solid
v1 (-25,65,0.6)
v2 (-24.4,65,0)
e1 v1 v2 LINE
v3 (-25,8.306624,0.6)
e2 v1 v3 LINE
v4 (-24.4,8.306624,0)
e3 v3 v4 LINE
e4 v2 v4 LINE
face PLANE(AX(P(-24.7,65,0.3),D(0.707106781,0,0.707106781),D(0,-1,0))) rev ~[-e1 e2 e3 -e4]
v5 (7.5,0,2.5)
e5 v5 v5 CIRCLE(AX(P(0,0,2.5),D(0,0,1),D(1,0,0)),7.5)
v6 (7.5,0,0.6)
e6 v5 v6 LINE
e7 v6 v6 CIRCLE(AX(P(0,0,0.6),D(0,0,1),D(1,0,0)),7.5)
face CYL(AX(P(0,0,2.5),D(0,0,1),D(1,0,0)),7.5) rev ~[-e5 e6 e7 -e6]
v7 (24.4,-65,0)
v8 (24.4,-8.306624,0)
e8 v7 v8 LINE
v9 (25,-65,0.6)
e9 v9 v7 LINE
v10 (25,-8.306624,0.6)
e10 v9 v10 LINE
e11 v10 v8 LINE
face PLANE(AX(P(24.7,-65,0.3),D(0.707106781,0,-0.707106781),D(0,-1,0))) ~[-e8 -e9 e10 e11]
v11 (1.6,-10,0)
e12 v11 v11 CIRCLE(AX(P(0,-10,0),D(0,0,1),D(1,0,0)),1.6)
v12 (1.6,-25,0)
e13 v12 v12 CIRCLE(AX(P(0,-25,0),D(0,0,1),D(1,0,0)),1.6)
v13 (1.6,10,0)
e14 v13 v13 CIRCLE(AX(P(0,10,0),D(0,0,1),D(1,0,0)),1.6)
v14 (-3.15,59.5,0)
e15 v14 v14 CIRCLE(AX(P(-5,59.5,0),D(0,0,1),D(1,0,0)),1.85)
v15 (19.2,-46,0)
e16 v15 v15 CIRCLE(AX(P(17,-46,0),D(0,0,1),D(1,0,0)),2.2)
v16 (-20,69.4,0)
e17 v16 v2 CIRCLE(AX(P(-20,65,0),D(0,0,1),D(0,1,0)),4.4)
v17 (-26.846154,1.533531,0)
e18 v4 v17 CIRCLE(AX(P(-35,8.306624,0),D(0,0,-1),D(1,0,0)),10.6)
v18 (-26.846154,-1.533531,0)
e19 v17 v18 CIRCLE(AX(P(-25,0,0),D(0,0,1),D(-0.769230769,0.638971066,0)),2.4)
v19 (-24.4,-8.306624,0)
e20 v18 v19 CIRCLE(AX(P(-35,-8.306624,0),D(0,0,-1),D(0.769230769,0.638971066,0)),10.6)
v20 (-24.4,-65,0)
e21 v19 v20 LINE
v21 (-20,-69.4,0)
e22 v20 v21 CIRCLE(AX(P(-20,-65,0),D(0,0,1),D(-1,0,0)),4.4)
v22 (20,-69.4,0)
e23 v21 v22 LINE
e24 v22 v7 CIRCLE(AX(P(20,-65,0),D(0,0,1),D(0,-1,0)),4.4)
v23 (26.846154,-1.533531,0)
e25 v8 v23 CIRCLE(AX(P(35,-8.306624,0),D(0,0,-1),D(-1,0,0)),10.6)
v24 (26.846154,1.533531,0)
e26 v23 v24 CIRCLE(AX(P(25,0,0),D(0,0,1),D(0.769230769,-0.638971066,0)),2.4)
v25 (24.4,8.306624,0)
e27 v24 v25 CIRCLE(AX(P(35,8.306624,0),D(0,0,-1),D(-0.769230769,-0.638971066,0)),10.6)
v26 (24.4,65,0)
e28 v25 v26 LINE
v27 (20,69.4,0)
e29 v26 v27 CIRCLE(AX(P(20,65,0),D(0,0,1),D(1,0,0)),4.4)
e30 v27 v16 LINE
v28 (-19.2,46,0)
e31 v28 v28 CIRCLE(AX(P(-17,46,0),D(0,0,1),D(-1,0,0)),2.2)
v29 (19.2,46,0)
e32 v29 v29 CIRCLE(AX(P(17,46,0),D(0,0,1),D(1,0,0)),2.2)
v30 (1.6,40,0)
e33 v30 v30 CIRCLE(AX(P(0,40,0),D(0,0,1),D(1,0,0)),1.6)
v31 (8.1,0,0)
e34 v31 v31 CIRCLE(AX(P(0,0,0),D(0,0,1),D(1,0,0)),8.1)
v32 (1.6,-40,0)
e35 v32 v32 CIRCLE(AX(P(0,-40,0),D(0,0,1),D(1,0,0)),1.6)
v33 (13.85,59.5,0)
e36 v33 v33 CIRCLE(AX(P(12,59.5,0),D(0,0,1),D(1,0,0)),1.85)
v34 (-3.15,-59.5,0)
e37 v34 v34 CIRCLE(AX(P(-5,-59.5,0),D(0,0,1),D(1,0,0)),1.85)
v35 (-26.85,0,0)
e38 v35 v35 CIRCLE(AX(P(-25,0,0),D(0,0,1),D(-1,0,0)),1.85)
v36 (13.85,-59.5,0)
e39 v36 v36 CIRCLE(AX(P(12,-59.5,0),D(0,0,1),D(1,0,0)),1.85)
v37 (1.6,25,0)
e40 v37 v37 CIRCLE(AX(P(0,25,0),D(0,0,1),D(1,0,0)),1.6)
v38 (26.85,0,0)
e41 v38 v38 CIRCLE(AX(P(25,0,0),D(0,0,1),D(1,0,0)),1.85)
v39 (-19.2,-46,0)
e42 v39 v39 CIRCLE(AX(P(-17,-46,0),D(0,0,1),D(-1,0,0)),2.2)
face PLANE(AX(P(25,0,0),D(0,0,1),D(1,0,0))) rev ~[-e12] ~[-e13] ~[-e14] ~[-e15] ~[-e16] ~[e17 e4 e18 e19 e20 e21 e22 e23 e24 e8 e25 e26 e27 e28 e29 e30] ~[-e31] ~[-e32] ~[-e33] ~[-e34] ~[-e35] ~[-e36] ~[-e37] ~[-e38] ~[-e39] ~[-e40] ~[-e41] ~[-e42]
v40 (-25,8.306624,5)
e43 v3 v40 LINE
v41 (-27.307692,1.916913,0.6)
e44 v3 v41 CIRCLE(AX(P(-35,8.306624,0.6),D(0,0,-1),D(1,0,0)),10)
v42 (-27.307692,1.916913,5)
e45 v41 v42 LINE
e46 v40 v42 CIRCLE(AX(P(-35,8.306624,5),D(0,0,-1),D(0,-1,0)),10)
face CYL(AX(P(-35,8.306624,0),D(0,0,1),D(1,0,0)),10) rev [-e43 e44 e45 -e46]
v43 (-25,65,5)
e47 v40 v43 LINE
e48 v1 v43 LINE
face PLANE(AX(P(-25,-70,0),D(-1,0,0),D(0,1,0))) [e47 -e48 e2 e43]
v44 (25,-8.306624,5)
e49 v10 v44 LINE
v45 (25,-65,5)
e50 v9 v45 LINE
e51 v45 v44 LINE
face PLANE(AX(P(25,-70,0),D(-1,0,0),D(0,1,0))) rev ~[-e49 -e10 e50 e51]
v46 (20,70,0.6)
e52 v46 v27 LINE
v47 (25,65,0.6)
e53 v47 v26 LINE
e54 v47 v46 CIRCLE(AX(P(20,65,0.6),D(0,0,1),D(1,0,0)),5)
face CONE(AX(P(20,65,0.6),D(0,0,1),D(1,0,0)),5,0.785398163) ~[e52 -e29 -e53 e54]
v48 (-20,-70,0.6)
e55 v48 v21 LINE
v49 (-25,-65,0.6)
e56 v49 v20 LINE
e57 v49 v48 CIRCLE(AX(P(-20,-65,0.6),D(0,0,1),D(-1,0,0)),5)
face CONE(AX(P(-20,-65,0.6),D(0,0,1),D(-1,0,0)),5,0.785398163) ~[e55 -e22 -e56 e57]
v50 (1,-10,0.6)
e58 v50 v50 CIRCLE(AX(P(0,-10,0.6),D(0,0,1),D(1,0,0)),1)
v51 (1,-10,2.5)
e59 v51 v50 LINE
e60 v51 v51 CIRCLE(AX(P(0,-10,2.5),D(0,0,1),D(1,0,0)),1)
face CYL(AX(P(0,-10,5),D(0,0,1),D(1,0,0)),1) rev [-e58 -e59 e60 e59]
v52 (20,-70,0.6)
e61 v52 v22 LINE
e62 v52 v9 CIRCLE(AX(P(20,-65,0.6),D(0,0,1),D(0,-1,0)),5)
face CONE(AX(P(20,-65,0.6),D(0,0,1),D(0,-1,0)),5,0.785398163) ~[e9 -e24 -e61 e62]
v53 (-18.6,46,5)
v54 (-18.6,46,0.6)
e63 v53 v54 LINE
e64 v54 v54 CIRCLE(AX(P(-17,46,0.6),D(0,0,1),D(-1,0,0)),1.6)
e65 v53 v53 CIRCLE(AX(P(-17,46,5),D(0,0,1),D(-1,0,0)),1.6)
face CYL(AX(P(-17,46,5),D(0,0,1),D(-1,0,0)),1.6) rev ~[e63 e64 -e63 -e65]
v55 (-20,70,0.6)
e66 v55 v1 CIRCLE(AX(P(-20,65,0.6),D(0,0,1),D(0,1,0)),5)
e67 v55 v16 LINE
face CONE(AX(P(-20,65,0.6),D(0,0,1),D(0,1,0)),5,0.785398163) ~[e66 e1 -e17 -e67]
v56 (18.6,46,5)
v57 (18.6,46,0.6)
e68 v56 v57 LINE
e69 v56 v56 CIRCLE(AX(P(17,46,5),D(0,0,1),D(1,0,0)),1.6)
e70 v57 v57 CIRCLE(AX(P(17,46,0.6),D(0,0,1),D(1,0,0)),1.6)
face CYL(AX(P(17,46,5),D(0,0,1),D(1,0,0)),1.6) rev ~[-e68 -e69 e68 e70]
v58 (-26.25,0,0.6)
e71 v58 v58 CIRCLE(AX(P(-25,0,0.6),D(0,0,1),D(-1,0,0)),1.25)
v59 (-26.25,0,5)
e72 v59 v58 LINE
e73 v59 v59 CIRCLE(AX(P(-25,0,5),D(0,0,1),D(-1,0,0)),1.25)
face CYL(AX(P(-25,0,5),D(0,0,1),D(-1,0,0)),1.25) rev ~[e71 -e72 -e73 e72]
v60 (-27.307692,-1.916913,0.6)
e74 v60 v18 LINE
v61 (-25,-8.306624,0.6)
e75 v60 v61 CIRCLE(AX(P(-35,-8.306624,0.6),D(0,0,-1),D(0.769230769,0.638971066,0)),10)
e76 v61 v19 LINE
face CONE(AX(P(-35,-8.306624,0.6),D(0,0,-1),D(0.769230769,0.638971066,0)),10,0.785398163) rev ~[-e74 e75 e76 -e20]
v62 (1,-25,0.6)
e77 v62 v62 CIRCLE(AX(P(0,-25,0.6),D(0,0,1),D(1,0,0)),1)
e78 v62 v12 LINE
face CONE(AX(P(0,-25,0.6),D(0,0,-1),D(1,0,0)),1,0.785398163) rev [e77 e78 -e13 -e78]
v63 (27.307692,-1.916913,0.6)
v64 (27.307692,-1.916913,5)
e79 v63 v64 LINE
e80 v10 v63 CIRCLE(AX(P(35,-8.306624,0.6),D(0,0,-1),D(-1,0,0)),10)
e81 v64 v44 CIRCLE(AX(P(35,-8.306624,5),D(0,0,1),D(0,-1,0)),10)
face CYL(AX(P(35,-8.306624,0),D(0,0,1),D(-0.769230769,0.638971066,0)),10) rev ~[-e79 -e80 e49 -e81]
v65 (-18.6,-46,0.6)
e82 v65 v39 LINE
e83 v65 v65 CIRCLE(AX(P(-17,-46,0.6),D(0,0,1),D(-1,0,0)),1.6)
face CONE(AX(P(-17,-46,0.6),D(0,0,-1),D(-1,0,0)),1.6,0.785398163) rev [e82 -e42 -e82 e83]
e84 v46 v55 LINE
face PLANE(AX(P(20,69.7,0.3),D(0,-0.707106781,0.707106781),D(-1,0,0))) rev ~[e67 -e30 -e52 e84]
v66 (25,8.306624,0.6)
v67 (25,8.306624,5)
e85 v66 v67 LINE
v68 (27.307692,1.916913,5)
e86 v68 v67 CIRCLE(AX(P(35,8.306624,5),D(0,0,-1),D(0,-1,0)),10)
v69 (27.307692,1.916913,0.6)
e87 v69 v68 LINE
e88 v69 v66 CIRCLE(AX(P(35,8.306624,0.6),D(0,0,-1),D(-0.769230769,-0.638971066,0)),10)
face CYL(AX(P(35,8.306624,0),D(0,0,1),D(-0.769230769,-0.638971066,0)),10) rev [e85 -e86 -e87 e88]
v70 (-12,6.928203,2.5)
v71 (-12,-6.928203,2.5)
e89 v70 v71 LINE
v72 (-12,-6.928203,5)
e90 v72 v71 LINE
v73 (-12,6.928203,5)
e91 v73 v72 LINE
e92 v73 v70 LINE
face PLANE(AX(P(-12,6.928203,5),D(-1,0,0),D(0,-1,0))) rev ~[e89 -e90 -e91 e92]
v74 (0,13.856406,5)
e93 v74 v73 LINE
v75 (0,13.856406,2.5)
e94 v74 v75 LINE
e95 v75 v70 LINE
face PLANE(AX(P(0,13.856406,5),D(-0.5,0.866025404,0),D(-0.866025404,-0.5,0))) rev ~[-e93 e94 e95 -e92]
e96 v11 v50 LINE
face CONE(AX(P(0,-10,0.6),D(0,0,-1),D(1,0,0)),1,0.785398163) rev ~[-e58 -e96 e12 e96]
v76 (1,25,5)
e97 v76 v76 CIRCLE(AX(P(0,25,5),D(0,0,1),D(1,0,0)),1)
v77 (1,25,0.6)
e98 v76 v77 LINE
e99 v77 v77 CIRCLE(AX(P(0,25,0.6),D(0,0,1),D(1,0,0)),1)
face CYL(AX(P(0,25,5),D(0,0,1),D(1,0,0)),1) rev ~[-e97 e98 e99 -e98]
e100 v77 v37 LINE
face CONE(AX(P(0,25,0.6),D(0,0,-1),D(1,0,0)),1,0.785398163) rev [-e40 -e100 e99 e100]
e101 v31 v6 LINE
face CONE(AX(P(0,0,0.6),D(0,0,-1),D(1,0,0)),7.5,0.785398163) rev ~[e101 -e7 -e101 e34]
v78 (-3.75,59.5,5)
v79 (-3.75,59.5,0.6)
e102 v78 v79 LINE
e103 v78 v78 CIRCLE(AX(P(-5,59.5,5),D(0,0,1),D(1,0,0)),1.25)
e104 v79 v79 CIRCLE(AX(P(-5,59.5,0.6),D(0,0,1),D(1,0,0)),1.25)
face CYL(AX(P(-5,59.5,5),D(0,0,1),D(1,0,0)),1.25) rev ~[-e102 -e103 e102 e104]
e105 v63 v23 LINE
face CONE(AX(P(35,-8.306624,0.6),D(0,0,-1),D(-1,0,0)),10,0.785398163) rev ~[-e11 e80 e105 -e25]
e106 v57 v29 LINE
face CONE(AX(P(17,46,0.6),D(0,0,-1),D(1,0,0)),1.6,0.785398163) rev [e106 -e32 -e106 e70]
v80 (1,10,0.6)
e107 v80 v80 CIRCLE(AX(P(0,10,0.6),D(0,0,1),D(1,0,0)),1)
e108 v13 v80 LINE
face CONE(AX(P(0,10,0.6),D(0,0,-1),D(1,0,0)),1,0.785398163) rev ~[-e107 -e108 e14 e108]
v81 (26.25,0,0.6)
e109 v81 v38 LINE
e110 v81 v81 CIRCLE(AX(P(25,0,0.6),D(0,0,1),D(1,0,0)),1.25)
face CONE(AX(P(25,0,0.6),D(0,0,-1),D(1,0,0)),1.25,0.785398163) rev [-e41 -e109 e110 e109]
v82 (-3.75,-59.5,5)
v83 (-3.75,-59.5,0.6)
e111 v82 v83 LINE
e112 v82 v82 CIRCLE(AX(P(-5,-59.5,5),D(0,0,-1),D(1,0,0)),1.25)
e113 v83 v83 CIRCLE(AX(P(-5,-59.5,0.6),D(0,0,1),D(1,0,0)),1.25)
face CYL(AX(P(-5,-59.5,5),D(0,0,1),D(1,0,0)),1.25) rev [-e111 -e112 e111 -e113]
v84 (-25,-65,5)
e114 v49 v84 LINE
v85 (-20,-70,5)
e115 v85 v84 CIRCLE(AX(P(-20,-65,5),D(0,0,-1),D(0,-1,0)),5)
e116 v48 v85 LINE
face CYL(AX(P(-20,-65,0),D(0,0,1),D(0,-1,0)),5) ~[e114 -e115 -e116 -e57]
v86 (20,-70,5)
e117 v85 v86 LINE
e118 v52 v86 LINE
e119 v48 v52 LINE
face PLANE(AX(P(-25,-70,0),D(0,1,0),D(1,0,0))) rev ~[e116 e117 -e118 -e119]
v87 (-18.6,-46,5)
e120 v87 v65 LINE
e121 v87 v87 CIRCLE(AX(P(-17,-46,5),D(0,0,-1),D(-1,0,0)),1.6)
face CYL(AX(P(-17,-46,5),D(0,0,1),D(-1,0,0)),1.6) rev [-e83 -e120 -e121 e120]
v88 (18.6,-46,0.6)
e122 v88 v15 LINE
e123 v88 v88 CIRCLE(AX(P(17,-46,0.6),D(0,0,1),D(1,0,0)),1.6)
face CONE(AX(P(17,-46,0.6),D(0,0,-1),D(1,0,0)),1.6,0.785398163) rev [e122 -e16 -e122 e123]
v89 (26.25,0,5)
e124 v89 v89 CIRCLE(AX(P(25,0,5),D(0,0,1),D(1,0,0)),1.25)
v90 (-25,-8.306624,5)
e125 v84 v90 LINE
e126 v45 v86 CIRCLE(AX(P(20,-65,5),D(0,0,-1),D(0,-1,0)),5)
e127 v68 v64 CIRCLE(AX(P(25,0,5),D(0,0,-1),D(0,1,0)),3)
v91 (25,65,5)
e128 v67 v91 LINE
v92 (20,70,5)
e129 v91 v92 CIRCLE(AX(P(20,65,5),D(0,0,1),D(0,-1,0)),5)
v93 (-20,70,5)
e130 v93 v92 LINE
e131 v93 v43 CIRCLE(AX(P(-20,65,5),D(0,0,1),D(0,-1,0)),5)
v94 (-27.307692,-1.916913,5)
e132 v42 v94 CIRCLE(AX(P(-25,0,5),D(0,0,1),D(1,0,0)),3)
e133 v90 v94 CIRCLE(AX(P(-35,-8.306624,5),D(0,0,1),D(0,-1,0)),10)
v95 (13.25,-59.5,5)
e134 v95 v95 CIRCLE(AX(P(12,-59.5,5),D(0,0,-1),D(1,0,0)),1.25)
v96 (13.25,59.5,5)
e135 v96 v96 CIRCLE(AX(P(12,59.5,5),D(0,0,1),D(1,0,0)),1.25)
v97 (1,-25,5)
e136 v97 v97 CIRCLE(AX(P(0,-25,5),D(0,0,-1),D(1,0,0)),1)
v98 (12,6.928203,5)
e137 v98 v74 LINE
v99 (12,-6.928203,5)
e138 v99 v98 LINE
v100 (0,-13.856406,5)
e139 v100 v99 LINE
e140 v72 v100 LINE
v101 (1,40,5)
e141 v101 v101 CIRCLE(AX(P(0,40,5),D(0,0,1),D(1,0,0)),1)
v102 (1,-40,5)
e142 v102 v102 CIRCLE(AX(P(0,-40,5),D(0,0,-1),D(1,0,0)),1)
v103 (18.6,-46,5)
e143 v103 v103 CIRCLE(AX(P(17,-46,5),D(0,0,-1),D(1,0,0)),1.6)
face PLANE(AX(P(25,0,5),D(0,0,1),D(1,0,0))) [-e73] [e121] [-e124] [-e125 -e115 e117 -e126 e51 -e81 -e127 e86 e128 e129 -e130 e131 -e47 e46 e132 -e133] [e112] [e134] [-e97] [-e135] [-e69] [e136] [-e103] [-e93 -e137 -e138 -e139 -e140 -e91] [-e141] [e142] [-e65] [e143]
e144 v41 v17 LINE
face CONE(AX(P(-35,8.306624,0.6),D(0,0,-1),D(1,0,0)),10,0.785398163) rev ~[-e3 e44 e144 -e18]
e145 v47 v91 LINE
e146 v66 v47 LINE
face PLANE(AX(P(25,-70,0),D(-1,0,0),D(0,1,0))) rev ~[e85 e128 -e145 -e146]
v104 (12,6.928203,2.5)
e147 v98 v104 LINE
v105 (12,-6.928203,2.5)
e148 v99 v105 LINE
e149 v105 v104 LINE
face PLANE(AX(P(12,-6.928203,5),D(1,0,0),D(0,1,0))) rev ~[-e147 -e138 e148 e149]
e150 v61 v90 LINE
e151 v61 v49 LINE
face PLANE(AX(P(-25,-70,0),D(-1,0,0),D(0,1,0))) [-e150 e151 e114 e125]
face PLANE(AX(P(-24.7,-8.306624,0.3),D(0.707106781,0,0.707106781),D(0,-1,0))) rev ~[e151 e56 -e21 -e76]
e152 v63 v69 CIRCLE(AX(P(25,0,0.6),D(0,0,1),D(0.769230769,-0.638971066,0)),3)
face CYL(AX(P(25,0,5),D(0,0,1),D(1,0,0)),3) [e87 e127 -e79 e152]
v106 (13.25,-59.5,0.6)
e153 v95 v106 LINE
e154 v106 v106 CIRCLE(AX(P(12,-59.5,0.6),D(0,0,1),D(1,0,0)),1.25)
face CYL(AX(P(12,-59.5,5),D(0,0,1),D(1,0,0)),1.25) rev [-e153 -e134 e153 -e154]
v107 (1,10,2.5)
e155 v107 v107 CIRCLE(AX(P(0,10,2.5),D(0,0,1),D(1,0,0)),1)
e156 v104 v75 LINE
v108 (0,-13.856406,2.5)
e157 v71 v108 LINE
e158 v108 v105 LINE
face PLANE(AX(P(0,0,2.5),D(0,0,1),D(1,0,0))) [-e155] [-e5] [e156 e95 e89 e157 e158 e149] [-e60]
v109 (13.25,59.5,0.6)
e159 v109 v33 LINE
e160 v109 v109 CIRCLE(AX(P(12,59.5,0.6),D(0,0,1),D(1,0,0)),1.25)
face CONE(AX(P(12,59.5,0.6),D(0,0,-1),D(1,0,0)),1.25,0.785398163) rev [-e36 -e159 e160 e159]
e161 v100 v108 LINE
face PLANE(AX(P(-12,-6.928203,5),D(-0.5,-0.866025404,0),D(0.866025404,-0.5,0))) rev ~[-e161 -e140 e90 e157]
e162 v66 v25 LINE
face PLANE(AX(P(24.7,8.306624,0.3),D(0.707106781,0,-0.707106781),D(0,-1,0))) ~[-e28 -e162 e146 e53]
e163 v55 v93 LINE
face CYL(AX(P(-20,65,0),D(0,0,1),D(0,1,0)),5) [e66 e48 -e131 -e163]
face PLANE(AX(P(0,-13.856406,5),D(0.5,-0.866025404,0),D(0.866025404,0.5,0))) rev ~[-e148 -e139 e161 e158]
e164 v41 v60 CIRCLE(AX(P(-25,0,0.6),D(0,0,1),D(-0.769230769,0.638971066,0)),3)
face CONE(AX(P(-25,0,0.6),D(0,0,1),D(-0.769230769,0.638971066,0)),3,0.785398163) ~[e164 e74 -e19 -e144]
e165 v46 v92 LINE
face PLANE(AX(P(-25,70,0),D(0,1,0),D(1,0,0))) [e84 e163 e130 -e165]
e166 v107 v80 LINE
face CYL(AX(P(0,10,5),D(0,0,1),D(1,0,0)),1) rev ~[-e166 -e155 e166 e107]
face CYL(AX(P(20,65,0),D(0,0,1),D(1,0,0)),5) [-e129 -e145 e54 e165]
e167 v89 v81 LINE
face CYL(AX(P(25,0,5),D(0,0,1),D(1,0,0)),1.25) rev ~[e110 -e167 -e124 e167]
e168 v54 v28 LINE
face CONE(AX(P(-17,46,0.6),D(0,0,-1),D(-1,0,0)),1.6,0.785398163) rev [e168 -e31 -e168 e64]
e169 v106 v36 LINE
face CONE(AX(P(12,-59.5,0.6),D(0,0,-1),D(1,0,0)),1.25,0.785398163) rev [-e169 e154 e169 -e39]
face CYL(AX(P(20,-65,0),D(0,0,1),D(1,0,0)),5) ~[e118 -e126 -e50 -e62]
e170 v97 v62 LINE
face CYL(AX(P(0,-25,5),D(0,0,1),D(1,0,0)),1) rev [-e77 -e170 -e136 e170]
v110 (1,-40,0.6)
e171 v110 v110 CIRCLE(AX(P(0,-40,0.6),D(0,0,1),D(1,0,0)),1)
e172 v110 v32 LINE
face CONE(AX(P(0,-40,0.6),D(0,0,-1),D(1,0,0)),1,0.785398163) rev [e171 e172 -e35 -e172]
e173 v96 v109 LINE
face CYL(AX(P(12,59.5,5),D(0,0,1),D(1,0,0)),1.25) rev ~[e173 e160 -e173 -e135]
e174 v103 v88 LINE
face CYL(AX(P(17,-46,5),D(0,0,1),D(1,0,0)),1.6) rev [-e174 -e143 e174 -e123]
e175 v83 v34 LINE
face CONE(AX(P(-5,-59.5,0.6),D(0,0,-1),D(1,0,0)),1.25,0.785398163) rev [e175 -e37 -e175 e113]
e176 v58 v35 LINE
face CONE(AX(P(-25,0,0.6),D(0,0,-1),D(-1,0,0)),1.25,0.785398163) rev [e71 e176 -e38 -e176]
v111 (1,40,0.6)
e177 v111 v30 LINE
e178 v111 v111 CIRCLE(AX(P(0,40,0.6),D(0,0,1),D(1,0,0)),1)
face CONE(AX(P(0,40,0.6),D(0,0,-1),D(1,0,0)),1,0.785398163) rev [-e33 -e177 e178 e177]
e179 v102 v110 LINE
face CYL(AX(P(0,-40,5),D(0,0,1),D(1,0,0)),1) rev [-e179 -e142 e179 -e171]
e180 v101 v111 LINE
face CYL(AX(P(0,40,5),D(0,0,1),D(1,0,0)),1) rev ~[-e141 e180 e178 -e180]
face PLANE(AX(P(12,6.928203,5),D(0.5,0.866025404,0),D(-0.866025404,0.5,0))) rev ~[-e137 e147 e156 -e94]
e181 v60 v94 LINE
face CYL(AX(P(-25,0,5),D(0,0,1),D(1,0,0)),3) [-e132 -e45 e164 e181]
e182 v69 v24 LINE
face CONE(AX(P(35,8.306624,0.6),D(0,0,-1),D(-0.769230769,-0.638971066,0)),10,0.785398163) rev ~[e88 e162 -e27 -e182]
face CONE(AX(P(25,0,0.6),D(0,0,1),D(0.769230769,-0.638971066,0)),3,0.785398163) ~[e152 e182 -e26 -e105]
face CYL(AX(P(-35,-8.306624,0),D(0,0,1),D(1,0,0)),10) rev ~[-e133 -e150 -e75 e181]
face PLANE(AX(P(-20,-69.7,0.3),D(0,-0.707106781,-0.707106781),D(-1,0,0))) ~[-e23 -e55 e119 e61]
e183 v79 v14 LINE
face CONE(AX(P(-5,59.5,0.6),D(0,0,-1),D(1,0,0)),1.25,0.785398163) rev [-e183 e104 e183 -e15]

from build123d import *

# Parameters (mm, degrees)
SKETCH_1_W          = 50
SKETCH_1_H          = 140
EXTRUDE_1_DEPTH     = 5
SKETCH_16_R         = 3
EXTRUDE_2_DEPTH     = 5
CUT_EXTRUDE_5_DEPTH = 2.5
SKETCH_12_R         = 7.5
CUT_EXTRUDE_6_DEPTH = 2.5
SKETCH_13_R         = 1.25
CUT_EXTRUDE_7_DEPTH = 76.557924799
FILLET_2_R          = 10
FILLET_1_R          = 5
SKETCH_14_R         = 1
SKETCH_14_R_2       = 1.6
SKETCH_14_R_3       = 1.25
CUT_EXTRUDE_8_DEPTH = 76.557924799
CHAMFER_1_SIZE      = 0.6


with BuildPart() as part:
    # 草图1 → 凸台-拉伸1 (new body)
    with BuildSketch(Plane.XY):
        Rectangle(SKETCH_1_W, SKETCH_1_H)
    extrude(amount=EXTRUDE_1_DEPTH)

    # 草图16 → 凸台-拉伸2 (add)
    with BuildSketch(Plane.XY.offset(5)):
        with Locations((25, 0)):
            Circle(SKETCH_16_R)
        with Locations((-25, 0)):
            Circle(SKETCH_16_R)
    extrude(amount=-EXTRUDE_2_DEPTH)

    # 草图11 → 切除-拉伸5 (cut)
    with BuildSketch(Plane.XY.offset(5)):
        Polygon((0, 13.856406461), (-12, 6.92820323), (-12, -6.92820323), (0, -13.856406461), (12, -6.92820323), (12, 6.92820323), align=None)
    extrude(amount=-CUT_EXTRUDE_5_DEPTH, mode=Mode.SUBTRACT)

    # 草图12 → 切除-拉伸6 (cut)
    with BuildSketch(Plane.XY.offset(2.5)):
        Circle(SKETCH_12_R)
    extrude(amount=-CUT_EXTRUDE_6_DEPTH, mode=Mode.SUBTRACT)

    # 草图13 → 切除-拉伸7 (cut, through all)
    with BuildSketch(Plane.XY.offset(5)):
        with Locations((25, 0)):
            Circle(SKETCH_13_R)
        with Locations(Location((-25, 0, 0), (0, 0, 180))):
            Circle(SKETCH_13_R)
    extrude(amount=-CUT_EXTRUDE_7_DEPTH, mode=Mode.SUBTRACT)

    # 圆角2
    fillet_2_edges = [part.edges().sort_by_distance(p)[0] for p in [
        (25, -3, 2.5),
        (25, 3, 2.5),
        (-25, 3, 2.5),
        (-25, -3, 2.5),
    ]]
    fillet(fillet_2_edges, radius=FILLET_2_R)

    # 圆角1
    fillet_1_edges = [part.edges().sort_by_distance(p)[0] for p in [
        (25, -70, 2.5),
        (-25, -70, 2.5),
        (-25, 70, 2.5),
        (25, 70, 2.5),
    ]]
    fillet(fillet_1_edges, radius=FILLET_1_R)

    # 草图14 → 切除-拉伸8 (cut, through all)
    with BuildSketch(Plane.XY.offset(5)):
        with Locations((0, 10)):
            Circle(SKETCH_14_R)
        with Locations((0, 25)):
            Circle(SKETCH_14_R)
        with Locations((0, 40)):
            Circle(SKETCH_14_R)
        with Locations((17, 46)):
            Circle(SKETCH_14_R_2)
        with Locations(Location((-17, 46, 0), (0, 0, 180))):
            Circle(SKETCH_14_R_2)
        with Locations((-5, 59.5)):
            Circle(SKETCH_14_R_3)
        with Locations((12, 59.5)):
            Circle(SKETCH_14_R_3)
    cut_extrude_8 = extrude(amount=-CUT_EXTRUDE_8_DEPTH, mode=Mode.SUBTRACT)

    # 镜向1: 切除-拉伸8 across plane
    add(cut_extrude_8.mirror(Plane.ZX), mode=Mode.SUBTRACT)

    # 倒角1
    chamfer_1_edges = [part.edges().sort_by_distance(p)[0] for p in [
        (25, -36.653311931, 0),
        (0, -70, 0),
        (23.535533906, 68.535533906, 0),
        (23.535533906, -68.535533906, 0),
        (-23.535533906, -68.535533906, 0),
        (-23.535533906, 68.535533906, 0),
        (-1, 10, 0),
        (-15.4, 46, 0),
        (-1, 40, 0),
        (-1, 25, 0),
        (15.4, 46, 0),
        (-6.25, 59.5, 0),
        (10.75, 59.5, 0),
        (-1, -10, 0),
        (-15.4, -46, 0),
        (-1, -40, 0),
        (-1, -25, 0),
        (15.4, -46, 0),
        (-6.25, -59.5, 0),
        (10.75, -59.5, 0),
        (-7.5, 0, 0),
        (23.75, 0, 0),
        (-23.75, 0, 0),
        (-25, -36.653311931, 0),
        (-28, 0, 0),
        (28, 0, 0),
        (25, 36.653311931, 0),
        (-25.594600569, -4.90979276, 0),
        (-25.594600569, 4.90979276, 0),
        (25.594600569, -4.90979276, 0),
        (25.594600569, 4.90979276, 0),
        (-25, 36.653311931, 0),
        (0, 70, 0),
    ]]
    chamfer(chamfer_1_edges, length=CHAMFER_1_SIZE)


solid = part.part
